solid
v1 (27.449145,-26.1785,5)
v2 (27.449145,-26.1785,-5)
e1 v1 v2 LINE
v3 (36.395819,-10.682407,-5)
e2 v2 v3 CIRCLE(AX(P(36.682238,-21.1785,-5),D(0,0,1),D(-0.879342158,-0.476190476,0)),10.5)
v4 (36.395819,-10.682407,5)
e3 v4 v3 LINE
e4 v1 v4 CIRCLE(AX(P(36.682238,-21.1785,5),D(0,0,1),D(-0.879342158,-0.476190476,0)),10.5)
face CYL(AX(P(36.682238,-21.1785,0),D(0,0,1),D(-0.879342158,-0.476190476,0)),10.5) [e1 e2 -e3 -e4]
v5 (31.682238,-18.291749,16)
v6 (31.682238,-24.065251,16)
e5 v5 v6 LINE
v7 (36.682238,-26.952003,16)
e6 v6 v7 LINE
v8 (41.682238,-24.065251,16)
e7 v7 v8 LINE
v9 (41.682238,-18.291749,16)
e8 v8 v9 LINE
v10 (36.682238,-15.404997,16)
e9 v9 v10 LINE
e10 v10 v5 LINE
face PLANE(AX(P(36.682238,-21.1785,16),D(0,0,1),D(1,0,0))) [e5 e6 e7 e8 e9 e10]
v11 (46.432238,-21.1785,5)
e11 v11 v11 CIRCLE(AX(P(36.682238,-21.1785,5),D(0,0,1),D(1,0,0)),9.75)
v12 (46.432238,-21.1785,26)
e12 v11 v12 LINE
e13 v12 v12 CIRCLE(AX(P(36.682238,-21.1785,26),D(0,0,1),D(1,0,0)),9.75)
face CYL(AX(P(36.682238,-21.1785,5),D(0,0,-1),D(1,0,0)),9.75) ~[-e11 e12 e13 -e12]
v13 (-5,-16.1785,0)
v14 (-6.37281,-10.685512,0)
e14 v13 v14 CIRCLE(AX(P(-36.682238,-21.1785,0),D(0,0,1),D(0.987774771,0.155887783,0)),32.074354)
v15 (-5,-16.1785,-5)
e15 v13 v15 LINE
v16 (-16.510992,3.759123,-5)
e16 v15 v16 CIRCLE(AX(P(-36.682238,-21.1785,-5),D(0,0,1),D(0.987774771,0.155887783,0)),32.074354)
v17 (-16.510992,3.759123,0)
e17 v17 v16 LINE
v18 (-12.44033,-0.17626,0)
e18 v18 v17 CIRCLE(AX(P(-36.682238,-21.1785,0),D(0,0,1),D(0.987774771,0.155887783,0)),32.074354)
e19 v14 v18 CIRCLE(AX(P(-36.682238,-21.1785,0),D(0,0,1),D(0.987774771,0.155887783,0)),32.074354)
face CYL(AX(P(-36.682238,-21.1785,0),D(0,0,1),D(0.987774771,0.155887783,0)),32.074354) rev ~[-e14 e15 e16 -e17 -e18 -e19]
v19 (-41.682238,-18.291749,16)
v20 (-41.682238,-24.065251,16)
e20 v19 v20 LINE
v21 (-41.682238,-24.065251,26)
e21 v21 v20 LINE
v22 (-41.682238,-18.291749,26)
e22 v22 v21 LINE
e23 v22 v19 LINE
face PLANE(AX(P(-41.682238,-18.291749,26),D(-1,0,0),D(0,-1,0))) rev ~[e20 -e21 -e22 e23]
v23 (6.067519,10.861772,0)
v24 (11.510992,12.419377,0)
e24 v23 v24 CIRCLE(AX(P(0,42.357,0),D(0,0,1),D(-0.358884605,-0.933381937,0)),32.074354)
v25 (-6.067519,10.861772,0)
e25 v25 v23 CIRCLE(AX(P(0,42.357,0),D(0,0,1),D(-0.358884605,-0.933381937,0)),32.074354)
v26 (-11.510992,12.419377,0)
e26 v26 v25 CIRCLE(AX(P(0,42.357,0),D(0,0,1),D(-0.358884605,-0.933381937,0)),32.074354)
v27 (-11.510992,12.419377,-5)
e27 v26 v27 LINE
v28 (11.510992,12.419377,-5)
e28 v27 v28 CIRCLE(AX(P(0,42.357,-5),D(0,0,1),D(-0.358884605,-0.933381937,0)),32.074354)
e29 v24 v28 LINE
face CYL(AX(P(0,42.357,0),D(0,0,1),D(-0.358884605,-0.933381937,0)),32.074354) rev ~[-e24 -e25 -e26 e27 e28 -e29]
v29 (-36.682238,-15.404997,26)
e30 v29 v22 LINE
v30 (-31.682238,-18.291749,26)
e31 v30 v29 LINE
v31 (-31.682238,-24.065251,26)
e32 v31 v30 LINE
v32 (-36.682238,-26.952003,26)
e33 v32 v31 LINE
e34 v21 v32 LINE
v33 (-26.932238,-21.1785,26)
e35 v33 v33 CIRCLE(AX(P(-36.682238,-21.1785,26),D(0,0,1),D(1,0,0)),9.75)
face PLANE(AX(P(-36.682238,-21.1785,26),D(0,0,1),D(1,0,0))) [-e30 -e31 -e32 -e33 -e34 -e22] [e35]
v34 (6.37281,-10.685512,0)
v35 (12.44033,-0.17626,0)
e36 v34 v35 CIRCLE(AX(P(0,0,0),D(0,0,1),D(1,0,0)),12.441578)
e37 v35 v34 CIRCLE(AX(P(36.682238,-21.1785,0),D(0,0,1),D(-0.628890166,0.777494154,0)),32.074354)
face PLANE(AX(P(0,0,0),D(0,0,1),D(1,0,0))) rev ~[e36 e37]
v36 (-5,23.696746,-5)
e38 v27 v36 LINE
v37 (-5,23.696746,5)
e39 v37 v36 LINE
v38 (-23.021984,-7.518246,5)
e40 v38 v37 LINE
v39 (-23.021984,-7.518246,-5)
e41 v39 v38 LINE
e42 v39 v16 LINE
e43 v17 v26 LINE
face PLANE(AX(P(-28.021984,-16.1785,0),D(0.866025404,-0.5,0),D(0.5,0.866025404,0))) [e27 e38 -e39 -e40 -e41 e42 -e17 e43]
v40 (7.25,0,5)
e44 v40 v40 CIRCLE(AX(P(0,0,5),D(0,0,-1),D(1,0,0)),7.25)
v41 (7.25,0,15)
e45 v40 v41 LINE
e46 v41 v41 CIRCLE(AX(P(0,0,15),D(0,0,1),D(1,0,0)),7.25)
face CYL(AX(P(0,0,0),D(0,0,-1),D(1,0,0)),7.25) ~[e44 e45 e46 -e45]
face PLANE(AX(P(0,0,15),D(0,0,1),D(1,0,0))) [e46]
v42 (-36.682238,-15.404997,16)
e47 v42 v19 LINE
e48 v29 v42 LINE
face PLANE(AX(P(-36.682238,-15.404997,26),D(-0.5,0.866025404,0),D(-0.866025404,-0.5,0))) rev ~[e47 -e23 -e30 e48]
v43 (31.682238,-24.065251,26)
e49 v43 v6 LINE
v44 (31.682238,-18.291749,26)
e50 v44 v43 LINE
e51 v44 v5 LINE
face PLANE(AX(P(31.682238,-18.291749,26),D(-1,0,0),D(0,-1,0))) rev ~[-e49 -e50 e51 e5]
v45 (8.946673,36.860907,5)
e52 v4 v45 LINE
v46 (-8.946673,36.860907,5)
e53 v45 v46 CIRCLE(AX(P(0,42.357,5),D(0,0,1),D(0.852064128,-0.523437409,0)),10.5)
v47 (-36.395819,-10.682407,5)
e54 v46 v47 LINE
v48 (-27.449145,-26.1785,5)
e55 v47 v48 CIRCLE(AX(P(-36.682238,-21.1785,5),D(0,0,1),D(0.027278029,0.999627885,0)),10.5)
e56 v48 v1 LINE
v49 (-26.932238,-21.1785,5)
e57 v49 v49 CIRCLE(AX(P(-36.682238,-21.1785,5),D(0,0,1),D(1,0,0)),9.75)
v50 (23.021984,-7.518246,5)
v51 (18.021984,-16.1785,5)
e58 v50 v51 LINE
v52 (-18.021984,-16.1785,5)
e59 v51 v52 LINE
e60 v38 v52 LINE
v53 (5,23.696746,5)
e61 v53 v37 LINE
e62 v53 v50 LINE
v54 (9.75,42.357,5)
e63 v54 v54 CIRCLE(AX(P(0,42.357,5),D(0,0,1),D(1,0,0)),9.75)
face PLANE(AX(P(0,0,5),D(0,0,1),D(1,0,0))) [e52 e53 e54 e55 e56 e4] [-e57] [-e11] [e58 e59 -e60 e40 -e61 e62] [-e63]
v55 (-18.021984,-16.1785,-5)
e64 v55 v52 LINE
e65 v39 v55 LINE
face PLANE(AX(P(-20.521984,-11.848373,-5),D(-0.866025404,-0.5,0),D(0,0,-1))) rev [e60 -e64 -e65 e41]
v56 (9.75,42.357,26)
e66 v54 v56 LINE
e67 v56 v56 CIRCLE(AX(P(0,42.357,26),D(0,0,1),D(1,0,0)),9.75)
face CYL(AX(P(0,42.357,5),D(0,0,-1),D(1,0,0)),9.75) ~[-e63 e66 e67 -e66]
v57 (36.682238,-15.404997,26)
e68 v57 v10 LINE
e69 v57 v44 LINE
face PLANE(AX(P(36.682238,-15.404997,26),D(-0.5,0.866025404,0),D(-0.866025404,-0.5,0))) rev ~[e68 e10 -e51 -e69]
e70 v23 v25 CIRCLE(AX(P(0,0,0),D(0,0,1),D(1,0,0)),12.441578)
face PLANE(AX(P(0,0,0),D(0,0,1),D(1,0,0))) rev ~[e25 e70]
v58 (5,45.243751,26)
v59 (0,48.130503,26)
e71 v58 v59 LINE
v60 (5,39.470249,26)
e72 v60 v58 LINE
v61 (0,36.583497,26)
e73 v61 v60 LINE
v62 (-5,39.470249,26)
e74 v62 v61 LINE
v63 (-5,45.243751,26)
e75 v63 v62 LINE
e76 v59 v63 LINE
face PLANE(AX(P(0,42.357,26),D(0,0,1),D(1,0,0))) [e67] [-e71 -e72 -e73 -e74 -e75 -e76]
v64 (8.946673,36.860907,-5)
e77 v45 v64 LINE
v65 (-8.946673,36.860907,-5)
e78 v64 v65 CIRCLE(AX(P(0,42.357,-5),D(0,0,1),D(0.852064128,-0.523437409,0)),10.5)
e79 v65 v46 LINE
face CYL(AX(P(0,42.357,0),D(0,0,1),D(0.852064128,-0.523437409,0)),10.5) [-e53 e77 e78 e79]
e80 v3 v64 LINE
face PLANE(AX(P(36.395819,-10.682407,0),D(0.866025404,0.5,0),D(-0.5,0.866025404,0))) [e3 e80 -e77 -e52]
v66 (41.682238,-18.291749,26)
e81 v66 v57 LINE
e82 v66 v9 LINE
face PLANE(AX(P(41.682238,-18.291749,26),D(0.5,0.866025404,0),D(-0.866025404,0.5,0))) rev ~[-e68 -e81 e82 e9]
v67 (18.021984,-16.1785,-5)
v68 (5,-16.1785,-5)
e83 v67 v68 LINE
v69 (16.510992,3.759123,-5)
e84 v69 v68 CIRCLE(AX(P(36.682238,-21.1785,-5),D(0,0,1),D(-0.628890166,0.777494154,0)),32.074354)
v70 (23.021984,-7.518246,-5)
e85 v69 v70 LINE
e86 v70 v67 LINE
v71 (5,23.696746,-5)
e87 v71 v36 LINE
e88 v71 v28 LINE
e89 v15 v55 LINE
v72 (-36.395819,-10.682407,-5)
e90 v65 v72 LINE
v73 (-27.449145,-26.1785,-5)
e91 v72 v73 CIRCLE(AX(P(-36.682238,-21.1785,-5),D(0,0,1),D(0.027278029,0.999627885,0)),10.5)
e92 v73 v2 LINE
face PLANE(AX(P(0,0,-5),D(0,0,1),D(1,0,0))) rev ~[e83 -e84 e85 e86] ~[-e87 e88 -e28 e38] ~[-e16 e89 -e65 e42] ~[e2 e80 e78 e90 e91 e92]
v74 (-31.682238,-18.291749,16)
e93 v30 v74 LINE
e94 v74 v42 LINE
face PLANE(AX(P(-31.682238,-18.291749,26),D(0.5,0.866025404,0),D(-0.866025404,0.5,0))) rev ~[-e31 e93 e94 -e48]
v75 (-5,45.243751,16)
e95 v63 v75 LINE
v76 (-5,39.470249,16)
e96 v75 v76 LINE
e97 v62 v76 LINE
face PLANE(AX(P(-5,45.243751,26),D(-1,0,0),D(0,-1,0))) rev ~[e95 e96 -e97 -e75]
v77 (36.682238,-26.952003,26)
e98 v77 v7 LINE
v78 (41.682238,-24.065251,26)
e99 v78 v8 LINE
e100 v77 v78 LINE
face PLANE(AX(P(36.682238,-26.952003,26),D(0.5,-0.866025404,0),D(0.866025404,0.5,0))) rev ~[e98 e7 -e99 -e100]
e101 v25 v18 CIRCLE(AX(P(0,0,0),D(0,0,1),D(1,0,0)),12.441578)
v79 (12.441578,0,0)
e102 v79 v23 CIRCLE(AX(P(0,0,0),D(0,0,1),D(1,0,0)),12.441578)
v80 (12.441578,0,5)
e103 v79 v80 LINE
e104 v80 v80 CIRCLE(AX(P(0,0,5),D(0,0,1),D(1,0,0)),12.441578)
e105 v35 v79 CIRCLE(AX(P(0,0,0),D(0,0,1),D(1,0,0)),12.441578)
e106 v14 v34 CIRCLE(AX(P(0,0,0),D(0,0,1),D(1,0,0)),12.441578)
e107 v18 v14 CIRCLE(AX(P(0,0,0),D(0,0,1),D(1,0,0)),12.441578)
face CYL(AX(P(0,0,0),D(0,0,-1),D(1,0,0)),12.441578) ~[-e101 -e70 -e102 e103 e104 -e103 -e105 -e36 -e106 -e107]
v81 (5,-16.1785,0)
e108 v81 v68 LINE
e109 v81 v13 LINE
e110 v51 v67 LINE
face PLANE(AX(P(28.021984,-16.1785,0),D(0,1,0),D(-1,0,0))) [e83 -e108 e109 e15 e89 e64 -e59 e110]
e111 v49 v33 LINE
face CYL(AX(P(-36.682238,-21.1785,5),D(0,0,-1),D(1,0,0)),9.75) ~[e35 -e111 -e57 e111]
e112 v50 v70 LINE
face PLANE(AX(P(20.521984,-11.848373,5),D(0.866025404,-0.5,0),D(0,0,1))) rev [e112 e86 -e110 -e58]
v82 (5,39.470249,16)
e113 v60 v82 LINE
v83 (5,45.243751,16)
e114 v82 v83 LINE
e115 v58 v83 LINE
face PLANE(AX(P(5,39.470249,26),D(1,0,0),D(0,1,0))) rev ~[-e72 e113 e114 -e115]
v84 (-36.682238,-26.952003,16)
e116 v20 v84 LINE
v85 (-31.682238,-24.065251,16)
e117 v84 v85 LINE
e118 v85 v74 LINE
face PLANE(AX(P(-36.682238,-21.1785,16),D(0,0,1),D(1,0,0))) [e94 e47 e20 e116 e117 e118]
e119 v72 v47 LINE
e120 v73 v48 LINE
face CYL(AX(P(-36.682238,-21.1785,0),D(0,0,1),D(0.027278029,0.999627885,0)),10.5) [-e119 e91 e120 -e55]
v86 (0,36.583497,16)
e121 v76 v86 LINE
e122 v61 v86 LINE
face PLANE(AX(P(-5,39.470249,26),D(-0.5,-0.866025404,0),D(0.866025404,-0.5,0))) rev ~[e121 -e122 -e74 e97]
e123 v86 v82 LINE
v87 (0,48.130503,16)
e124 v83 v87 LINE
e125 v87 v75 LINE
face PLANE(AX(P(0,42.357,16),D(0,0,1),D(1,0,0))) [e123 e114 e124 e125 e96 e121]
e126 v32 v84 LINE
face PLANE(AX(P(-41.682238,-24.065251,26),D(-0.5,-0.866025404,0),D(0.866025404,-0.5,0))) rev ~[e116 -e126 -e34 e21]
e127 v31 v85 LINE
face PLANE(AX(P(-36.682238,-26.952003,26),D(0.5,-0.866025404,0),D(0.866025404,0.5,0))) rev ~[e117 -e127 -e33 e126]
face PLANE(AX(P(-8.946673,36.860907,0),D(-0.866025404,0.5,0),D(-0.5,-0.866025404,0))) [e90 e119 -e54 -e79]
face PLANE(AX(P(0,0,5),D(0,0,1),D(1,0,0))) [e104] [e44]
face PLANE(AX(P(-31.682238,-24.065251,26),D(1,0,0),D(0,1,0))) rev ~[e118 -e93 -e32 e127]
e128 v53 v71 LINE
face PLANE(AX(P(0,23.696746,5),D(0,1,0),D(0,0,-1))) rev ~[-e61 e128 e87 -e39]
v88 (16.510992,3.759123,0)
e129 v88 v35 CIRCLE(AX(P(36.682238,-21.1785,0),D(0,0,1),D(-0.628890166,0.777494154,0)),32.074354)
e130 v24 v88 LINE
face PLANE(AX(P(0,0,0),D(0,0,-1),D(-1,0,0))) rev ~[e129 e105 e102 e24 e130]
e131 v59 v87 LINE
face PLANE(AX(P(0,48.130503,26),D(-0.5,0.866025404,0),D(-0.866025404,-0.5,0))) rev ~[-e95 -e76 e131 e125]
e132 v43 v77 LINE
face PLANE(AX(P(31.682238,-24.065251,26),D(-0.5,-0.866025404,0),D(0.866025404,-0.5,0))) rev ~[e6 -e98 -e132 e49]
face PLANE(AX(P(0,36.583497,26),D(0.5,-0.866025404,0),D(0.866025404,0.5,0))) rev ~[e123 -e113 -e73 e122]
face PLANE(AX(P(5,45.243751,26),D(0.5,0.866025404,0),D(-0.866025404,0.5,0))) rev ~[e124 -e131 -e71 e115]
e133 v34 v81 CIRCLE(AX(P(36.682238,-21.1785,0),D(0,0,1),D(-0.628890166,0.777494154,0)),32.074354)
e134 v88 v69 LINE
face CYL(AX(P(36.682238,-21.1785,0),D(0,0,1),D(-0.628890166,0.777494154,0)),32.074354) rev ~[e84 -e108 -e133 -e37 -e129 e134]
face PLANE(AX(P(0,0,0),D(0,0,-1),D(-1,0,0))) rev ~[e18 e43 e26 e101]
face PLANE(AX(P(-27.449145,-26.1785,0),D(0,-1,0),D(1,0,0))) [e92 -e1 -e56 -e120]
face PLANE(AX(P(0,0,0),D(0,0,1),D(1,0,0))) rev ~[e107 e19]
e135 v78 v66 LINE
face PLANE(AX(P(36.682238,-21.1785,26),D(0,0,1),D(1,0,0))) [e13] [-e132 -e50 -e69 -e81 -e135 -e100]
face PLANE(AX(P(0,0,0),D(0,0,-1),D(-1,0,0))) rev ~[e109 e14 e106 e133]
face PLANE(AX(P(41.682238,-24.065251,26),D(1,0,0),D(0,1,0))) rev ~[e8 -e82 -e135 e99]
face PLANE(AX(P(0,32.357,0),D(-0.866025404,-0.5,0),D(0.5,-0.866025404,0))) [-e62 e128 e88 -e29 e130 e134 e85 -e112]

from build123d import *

# Parameters (mm, degrees)
BOSS_EXTRUDE1_DEPTH = 5
BOSS_EXTRUDE2_DEPTH = 5
SKETCH4_R           = 9.75
BOSS_EXTRUDE3_DEPTH = 21
SKETCH5_R           = 12.441578391
BOSS_EXTRUDE4_DEPTH = 5
SKETCH5_3_R         = 7.25
BOSS_EXTRUDE5_DEPTH = 15
CHAMFER1_SIZE       = 10
CUT_EXTRUDE1_DEPTH  = 10


with BuildPart() as part:
    # Sketch2 → Boss-Extrude1 (new body, symmetric)
    with BuildSketch(Plane.XY):
        with BuildLine():
            ThreePointArc((8.946673347, 36.860907204), (0, 52.857), (-8.946673347, 36.860907204))
            Line((-8.946673347, 36.860907204), (-36.395818719, -10.682407204))
            ThreePointArc((-36.395818719, -10.682407204), (-45.775504768, -26.4285), (-27.449145372, -26.1785))
            Line((-27.449145372, -26.1785), (27.449145372, -26.1785))
            ThreePointArc((27.449145372, -26.1785), (45.775504768, -26.4285), (36.395818719, -10.682407204))
            Line((36.395818719, -10.682407204), (8.946673347, 36.860907204))
        make_face()
        Polygon((-28.02198399, -16.1785), (0, 32.357), (28.02198399, -16.1785), align=None, mode=Mode.SUBTRACT)
    extrude(amount=BOSS_EXTRUDE1_DEPTH, both=True)

    # Sketch3 → Boss-Extrude2 (add)
    with BuildSketch(Plane.XY):
        with BuildLine():
            Line((-16.510991995, 3.759122981), (-11.510991995, 12.419377019))
            ThreePointArc((-11.510991995, 12.419377019), (0, 10.282645658), (11.510991995, 12.419377019))
            Line((11.510991995, 12.419377019), (16.510991995, 3.759122981))
            ThreePointArc((16.510991995, 3.759122981), (8.905032358, -5.141322829), (5, -16.1785))
            Line((5, -16.1785), (-5, -16.1785))
            ThreePointArc((-5, -16.1785), (-8.905032358, -5.141322829), (-16.510991995, 3.759122981))
        make_face()
    extrude(amount=-BOSS_EXTRUDE2_DEPTH)

    # Sketch4 → Boss-Extrude3 (add)
    with BuildSketch(Plane.XY.offset(5)):
        with Locations((-36.682238028, -21.1785)):
            Circle(SKETCH4_R)
        with Locations((36.682238028, -21.1785)):
            Circle(SKETCH4_R)
        with Locations((0, 42.357)):
            Circle(SKETCH4_R)
    extrude(amount=BOSS_EXTRUDE3_DEPTH)

    # Sketch5 → Boss-Extrude4 (add)
    with BuildSketch(Plane.XY):
        Circle(SKETCH5_R)
    extrude(amount=BOSS_EXTRUDE4_DEPTH)

    # Sketch5<3> → Boss-Extrude5 (add)
    with BuildSketch(Plane.XY):
        Circle(SKETCH5_3_R)
    extrude(amount=BOSS_EXTRUDE5_DEPTH)

    # Chamfer1
    chamfer1_edges = [part.edges().sort_by_distance(p)[0] for p in [
        (28.02198399, -16.1785, 0),
        (-28.02198399, -16.1785, 0),
        (0, 32.357, 0),
    ]]
    chamfer(chamfer1_edges, length=CHAMFER1_SIZE)

    # Sketch8 → Cut-Extrude1 (cut)
    with BuildSketch(Plane.XY.offset(26)):
        Polygon((-41.682238028, -24.065251346), (-36.682238028, -26.952002692), (-31.682238028, -24.065251346), (-31.682238028, -18.291748654), (-36.682238028, -15.404997308), (-41.682238028, -18.291748654), align=None)
        Polygon((41.682238028, -24.065251346), (41.682238028, -18.291748654), (36.682238028, -15.404997308), (31.682238028, -18.291748654), (31.682238028, -24.065251346), (36.682238028, -26.952002692), align=None)
        Polygon((0, 48.130502692), (-5, 45.243751346), (-5, 39.470248654), (0, 36.583497308), (5, 39.470248654), (5, 45.243751346), align=None)
    extrude(amount=-CUT_EXTRUDE1_DEPTH, mode=Mode.SUBTRACT)


solid = part.part
